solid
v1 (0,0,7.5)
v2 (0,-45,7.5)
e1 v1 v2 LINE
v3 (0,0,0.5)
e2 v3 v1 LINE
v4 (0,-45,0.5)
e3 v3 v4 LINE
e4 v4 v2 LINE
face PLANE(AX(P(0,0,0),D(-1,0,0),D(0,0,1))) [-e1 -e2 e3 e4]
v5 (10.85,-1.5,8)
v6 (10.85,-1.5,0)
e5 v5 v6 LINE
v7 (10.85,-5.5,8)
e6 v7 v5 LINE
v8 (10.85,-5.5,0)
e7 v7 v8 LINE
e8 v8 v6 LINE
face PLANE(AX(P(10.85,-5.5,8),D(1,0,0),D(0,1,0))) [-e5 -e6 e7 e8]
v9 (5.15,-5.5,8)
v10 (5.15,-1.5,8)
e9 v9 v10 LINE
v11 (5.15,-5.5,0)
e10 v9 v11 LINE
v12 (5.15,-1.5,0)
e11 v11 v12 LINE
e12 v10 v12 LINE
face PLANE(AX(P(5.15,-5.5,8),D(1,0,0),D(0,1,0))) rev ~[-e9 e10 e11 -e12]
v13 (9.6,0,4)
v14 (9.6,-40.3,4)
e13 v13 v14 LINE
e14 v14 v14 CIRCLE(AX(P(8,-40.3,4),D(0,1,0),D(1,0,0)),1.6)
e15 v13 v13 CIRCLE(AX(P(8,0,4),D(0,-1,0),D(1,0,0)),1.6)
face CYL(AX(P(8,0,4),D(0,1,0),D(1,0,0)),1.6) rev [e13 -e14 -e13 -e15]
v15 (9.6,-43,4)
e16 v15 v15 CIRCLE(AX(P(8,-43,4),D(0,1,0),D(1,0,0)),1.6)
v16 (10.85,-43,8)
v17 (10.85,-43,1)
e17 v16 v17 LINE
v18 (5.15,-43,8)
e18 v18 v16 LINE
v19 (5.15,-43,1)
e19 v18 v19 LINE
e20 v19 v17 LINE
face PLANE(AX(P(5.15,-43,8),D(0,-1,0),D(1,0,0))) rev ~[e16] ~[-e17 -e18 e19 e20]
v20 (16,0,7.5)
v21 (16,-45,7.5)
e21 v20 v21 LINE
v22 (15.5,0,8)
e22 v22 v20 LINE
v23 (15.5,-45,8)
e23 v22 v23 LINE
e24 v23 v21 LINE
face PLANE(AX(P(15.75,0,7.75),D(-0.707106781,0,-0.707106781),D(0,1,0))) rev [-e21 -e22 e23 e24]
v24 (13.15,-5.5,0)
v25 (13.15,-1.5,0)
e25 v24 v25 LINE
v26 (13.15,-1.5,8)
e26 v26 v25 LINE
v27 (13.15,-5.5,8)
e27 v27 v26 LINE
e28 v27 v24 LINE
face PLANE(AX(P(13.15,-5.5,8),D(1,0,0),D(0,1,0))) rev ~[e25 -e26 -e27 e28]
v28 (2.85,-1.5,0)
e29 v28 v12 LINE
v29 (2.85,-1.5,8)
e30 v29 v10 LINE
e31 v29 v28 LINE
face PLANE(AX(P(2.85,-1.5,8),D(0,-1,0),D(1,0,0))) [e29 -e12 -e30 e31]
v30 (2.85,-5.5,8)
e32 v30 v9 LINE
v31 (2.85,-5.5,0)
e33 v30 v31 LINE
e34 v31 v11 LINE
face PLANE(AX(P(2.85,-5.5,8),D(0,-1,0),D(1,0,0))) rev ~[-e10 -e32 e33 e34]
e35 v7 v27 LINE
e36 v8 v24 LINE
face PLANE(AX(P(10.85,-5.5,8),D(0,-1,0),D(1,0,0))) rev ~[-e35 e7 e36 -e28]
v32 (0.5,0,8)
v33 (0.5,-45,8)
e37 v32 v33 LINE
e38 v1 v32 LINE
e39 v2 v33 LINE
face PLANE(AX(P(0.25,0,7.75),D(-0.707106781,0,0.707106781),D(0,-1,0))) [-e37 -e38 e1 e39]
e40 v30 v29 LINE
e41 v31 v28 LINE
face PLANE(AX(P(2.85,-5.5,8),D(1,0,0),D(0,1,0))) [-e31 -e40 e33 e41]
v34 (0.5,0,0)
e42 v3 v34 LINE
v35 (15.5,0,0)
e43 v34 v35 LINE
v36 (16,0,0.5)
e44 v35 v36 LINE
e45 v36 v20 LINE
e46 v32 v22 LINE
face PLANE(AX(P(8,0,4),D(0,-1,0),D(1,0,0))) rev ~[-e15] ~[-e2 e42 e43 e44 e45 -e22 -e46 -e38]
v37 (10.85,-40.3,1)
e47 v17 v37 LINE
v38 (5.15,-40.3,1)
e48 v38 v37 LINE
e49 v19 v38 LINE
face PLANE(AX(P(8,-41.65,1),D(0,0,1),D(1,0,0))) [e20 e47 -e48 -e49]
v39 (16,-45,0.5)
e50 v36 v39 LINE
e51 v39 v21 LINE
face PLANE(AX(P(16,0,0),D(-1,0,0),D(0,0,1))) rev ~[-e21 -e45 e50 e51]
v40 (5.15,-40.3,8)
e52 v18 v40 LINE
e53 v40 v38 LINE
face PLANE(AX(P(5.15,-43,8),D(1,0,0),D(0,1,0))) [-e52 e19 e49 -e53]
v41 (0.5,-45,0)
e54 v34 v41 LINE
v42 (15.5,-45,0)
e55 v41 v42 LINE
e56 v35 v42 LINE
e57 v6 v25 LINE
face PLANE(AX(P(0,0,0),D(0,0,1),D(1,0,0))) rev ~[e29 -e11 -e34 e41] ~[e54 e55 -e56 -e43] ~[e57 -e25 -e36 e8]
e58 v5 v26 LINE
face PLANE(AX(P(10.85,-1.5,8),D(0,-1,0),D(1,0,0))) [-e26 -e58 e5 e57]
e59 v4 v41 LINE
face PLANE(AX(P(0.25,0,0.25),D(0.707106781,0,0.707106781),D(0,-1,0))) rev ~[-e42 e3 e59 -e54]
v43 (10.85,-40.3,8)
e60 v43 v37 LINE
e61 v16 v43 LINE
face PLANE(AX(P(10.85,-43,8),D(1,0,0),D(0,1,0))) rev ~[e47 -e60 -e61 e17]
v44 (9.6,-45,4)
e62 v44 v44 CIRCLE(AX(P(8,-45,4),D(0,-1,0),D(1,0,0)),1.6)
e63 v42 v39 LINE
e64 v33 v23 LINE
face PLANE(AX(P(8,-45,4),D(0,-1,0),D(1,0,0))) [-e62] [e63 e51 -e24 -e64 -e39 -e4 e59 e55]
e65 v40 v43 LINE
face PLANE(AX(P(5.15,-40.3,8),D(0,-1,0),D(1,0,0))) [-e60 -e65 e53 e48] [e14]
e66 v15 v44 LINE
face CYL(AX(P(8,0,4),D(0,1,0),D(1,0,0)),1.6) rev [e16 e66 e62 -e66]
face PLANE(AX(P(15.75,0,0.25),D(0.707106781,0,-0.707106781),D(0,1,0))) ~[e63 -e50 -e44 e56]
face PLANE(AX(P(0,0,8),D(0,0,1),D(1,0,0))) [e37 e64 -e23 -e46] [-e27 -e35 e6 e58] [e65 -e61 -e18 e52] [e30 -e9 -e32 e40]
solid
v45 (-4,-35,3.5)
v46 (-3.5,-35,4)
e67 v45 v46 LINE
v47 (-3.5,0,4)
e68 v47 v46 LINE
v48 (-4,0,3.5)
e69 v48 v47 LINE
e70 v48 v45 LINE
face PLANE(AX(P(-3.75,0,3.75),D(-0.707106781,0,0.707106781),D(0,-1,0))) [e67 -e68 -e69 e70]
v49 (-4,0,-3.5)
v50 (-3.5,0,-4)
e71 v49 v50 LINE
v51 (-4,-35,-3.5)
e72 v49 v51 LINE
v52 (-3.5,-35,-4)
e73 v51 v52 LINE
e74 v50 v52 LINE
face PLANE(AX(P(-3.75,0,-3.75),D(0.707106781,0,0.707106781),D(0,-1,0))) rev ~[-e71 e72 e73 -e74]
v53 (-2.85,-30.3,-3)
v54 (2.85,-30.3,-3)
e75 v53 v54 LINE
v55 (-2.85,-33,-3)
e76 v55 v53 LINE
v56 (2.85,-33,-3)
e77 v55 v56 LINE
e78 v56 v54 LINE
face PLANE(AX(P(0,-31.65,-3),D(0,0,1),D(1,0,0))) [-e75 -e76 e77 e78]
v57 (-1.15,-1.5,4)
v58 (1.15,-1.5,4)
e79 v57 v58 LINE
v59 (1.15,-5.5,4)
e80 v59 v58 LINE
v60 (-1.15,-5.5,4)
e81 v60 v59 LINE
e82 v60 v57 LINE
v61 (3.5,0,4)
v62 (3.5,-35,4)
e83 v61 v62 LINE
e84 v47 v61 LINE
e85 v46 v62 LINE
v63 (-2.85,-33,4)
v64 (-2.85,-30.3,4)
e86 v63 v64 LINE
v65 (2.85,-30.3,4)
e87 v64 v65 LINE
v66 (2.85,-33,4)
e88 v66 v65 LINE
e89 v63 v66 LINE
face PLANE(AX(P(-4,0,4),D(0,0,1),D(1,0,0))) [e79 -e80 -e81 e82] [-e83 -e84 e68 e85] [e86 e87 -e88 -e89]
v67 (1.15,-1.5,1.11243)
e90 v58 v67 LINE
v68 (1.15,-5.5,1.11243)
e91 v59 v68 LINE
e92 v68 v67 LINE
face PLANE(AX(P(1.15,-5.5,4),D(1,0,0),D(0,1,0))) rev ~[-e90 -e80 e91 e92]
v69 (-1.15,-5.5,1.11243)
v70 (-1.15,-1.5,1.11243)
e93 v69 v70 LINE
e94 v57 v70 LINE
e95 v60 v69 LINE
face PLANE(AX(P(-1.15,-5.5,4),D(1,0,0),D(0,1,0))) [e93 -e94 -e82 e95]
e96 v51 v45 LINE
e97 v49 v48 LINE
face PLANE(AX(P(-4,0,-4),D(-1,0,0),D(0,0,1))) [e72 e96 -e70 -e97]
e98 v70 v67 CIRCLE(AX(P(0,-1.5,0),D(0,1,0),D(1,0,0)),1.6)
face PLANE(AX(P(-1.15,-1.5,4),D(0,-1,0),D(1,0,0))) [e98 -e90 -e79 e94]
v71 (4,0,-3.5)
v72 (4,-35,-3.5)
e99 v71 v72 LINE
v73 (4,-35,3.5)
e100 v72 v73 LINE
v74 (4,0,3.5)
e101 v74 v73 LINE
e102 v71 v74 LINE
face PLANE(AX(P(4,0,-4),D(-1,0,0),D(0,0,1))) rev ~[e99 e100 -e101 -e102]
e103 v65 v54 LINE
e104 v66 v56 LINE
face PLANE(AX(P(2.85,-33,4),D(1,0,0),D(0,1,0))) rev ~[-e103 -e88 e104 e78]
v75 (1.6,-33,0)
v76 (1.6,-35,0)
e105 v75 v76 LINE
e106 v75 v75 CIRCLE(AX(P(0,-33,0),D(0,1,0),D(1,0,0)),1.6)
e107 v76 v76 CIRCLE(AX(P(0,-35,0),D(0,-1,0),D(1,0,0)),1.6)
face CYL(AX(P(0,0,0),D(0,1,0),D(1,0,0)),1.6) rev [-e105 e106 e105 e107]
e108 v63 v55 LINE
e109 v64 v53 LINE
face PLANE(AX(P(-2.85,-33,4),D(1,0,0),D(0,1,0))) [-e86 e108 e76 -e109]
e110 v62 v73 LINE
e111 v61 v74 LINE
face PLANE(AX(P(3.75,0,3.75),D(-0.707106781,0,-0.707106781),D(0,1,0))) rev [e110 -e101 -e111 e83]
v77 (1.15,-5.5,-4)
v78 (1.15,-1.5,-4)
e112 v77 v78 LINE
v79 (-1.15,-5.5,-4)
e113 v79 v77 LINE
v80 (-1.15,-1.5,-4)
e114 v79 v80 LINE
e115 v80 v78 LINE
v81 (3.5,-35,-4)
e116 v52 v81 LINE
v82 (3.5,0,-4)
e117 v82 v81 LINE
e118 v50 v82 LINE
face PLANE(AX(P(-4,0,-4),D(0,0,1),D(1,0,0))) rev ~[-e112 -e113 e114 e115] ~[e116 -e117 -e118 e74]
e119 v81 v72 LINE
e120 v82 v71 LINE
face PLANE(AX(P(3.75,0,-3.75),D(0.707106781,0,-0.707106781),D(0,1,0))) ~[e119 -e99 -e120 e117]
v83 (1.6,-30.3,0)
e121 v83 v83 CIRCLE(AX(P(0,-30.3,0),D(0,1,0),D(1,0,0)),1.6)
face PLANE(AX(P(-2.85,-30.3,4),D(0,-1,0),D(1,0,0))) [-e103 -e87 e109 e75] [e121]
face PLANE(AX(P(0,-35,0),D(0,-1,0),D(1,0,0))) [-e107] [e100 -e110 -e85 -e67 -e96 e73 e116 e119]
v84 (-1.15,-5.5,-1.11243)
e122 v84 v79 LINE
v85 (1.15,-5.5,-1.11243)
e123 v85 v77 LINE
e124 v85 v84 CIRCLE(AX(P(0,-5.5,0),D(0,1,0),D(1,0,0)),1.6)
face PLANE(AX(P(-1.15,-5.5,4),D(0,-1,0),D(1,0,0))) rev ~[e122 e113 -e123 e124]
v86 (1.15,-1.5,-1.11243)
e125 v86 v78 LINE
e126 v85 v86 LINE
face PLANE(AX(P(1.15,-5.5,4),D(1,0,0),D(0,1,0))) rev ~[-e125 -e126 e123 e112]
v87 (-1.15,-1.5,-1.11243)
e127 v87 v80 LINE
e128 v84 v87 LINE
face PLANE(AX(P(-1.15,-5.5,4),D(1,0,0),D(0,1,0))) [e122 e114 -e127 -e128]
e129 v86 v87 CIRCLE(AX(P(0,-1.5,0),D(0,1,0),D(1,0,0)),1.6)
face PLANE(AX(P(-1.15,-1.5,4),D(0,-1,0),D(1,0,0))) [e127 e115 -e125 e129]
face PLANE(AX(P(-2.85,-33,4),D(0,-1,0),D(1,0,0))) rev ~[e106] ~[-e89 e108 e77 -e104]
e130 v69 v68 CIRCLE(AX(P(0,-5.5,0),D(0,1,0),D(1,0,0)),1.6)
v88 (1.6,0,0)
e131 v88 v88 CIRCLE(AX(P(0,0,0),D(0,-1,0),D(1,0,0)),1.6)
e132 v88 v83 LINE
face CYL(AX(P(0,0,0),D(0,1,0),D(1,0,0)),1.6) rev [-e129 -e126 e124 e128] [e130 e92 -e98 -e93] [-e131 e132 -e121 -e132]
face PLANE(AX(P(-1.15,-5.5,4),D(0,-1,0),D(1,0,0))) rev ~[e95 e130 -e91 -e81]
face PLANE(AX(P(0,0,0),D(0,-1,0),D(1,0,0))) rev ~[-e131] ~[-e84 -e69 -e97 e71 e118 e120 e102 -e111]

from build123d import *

# Parameters (mm, degrees)
F0_W      = 8
F0_H      = 8
F0_R      = 1.6
F1_DEPTH  = 35
F2_W      = 5.7
F2_H      = 2.7
F3_DEPTH  = 7
F4_W      = 2.3
F4_H      = 4
F5_DEPTH  = 8.001
F6_SIZE   = 0.5
F7_W      = 16
F7_H      = 8
F7_R      = 1.6
F8_DEPTH  = 45
F9_W      = 5.7
F9_H      = 2.7
F10_DEPTH = 7
F11_SIZE  = 0.5
F12_W     = 2.3
F12_H     = 4
F13_DEPTH = 12.001


with BuildPart() as f1:
    # F0 (on Front) → F1 (new body)
    with BuildSketch(Plane.XZ):
        Rectangle(F0_W, F0_H)
        Circle(F0_R, mode=Mode.SUBTRACT)
    extrude(amount=F1_DEPTH)

    # F2 (on face) → F3 (cut)
    with BuildSketch(Plane.XY.offset(4)):
        with Locations((0, -31.65)):
            Rectangle(F2_W, F2_H)
    extrude(amount=-F3_DEPTH, mode=Mode.SUBTRACT)

    # F4 (on face) → F5 (cut, through all)
    with BuildSketch(Plane.XY.offset(4)):
        with Locations((0, -3.5)):
            Rectangle(F4_W, F4_H)
    extrude(amount=-F5_DEPTH, mode=Mode.SUBTRACT)

    # F6
    f6_edges = [f1.edges().sort_by_distance(p)[0] for p in [
        (-4, -17.5, 4),
        (4, -17.5, 4),
        (-4, -17.5, -4),
        (4, -17.5, -4),
    ]]
    chamfer(f6_edges, length=F6_SIZE)


with BuildPart() as f8:
    # F7 (on Front) → F8 (new body)
    with BuildSketch(Plane.XZ):
        with Locations((8, 4)):
            Rectangle(F7_W, F7_H)
        with Locations((8, 4)):
            Circle(F7_R, mode=Mode.SUBTRACT)
    extrude(amount=F8_DEPTH)

    # F9 (on face) → F10 (cut)
    with BuildSketch(Plane.XY.offset(8)):
        with Locations((8, -41.65)):
            Rectangle(F9_W, F9_H)
    extrude(amount=-F10_DEPTH, mode=Mode.SUBTRACT)

    # F11
    f11_edges = [f8.edges().sort_by_distance(p)[0] for p in [
        (0, -22.5, 8),
        (16, -22.5, 8),
        (16, -22.5, 0),
        (0, -22.5, 0),
    ]]
    chamfer(f11_edges, length=F11_SIZE)

    # F12 (on face) → F13 (cut, through all)
    with BuildSketch(Plane.XY.offset(8)):
        with Locations((4, -3.5)):
            Rectangle(F12_W, F12_H)
        with Locations((12, -3.5)):
            Rectangle(F12_W, F12_H)
    extrude(amount=-F13_DEPTH, mode=Mode.SUBTRACT)


solid = Compound([f1.part, f8.part])
